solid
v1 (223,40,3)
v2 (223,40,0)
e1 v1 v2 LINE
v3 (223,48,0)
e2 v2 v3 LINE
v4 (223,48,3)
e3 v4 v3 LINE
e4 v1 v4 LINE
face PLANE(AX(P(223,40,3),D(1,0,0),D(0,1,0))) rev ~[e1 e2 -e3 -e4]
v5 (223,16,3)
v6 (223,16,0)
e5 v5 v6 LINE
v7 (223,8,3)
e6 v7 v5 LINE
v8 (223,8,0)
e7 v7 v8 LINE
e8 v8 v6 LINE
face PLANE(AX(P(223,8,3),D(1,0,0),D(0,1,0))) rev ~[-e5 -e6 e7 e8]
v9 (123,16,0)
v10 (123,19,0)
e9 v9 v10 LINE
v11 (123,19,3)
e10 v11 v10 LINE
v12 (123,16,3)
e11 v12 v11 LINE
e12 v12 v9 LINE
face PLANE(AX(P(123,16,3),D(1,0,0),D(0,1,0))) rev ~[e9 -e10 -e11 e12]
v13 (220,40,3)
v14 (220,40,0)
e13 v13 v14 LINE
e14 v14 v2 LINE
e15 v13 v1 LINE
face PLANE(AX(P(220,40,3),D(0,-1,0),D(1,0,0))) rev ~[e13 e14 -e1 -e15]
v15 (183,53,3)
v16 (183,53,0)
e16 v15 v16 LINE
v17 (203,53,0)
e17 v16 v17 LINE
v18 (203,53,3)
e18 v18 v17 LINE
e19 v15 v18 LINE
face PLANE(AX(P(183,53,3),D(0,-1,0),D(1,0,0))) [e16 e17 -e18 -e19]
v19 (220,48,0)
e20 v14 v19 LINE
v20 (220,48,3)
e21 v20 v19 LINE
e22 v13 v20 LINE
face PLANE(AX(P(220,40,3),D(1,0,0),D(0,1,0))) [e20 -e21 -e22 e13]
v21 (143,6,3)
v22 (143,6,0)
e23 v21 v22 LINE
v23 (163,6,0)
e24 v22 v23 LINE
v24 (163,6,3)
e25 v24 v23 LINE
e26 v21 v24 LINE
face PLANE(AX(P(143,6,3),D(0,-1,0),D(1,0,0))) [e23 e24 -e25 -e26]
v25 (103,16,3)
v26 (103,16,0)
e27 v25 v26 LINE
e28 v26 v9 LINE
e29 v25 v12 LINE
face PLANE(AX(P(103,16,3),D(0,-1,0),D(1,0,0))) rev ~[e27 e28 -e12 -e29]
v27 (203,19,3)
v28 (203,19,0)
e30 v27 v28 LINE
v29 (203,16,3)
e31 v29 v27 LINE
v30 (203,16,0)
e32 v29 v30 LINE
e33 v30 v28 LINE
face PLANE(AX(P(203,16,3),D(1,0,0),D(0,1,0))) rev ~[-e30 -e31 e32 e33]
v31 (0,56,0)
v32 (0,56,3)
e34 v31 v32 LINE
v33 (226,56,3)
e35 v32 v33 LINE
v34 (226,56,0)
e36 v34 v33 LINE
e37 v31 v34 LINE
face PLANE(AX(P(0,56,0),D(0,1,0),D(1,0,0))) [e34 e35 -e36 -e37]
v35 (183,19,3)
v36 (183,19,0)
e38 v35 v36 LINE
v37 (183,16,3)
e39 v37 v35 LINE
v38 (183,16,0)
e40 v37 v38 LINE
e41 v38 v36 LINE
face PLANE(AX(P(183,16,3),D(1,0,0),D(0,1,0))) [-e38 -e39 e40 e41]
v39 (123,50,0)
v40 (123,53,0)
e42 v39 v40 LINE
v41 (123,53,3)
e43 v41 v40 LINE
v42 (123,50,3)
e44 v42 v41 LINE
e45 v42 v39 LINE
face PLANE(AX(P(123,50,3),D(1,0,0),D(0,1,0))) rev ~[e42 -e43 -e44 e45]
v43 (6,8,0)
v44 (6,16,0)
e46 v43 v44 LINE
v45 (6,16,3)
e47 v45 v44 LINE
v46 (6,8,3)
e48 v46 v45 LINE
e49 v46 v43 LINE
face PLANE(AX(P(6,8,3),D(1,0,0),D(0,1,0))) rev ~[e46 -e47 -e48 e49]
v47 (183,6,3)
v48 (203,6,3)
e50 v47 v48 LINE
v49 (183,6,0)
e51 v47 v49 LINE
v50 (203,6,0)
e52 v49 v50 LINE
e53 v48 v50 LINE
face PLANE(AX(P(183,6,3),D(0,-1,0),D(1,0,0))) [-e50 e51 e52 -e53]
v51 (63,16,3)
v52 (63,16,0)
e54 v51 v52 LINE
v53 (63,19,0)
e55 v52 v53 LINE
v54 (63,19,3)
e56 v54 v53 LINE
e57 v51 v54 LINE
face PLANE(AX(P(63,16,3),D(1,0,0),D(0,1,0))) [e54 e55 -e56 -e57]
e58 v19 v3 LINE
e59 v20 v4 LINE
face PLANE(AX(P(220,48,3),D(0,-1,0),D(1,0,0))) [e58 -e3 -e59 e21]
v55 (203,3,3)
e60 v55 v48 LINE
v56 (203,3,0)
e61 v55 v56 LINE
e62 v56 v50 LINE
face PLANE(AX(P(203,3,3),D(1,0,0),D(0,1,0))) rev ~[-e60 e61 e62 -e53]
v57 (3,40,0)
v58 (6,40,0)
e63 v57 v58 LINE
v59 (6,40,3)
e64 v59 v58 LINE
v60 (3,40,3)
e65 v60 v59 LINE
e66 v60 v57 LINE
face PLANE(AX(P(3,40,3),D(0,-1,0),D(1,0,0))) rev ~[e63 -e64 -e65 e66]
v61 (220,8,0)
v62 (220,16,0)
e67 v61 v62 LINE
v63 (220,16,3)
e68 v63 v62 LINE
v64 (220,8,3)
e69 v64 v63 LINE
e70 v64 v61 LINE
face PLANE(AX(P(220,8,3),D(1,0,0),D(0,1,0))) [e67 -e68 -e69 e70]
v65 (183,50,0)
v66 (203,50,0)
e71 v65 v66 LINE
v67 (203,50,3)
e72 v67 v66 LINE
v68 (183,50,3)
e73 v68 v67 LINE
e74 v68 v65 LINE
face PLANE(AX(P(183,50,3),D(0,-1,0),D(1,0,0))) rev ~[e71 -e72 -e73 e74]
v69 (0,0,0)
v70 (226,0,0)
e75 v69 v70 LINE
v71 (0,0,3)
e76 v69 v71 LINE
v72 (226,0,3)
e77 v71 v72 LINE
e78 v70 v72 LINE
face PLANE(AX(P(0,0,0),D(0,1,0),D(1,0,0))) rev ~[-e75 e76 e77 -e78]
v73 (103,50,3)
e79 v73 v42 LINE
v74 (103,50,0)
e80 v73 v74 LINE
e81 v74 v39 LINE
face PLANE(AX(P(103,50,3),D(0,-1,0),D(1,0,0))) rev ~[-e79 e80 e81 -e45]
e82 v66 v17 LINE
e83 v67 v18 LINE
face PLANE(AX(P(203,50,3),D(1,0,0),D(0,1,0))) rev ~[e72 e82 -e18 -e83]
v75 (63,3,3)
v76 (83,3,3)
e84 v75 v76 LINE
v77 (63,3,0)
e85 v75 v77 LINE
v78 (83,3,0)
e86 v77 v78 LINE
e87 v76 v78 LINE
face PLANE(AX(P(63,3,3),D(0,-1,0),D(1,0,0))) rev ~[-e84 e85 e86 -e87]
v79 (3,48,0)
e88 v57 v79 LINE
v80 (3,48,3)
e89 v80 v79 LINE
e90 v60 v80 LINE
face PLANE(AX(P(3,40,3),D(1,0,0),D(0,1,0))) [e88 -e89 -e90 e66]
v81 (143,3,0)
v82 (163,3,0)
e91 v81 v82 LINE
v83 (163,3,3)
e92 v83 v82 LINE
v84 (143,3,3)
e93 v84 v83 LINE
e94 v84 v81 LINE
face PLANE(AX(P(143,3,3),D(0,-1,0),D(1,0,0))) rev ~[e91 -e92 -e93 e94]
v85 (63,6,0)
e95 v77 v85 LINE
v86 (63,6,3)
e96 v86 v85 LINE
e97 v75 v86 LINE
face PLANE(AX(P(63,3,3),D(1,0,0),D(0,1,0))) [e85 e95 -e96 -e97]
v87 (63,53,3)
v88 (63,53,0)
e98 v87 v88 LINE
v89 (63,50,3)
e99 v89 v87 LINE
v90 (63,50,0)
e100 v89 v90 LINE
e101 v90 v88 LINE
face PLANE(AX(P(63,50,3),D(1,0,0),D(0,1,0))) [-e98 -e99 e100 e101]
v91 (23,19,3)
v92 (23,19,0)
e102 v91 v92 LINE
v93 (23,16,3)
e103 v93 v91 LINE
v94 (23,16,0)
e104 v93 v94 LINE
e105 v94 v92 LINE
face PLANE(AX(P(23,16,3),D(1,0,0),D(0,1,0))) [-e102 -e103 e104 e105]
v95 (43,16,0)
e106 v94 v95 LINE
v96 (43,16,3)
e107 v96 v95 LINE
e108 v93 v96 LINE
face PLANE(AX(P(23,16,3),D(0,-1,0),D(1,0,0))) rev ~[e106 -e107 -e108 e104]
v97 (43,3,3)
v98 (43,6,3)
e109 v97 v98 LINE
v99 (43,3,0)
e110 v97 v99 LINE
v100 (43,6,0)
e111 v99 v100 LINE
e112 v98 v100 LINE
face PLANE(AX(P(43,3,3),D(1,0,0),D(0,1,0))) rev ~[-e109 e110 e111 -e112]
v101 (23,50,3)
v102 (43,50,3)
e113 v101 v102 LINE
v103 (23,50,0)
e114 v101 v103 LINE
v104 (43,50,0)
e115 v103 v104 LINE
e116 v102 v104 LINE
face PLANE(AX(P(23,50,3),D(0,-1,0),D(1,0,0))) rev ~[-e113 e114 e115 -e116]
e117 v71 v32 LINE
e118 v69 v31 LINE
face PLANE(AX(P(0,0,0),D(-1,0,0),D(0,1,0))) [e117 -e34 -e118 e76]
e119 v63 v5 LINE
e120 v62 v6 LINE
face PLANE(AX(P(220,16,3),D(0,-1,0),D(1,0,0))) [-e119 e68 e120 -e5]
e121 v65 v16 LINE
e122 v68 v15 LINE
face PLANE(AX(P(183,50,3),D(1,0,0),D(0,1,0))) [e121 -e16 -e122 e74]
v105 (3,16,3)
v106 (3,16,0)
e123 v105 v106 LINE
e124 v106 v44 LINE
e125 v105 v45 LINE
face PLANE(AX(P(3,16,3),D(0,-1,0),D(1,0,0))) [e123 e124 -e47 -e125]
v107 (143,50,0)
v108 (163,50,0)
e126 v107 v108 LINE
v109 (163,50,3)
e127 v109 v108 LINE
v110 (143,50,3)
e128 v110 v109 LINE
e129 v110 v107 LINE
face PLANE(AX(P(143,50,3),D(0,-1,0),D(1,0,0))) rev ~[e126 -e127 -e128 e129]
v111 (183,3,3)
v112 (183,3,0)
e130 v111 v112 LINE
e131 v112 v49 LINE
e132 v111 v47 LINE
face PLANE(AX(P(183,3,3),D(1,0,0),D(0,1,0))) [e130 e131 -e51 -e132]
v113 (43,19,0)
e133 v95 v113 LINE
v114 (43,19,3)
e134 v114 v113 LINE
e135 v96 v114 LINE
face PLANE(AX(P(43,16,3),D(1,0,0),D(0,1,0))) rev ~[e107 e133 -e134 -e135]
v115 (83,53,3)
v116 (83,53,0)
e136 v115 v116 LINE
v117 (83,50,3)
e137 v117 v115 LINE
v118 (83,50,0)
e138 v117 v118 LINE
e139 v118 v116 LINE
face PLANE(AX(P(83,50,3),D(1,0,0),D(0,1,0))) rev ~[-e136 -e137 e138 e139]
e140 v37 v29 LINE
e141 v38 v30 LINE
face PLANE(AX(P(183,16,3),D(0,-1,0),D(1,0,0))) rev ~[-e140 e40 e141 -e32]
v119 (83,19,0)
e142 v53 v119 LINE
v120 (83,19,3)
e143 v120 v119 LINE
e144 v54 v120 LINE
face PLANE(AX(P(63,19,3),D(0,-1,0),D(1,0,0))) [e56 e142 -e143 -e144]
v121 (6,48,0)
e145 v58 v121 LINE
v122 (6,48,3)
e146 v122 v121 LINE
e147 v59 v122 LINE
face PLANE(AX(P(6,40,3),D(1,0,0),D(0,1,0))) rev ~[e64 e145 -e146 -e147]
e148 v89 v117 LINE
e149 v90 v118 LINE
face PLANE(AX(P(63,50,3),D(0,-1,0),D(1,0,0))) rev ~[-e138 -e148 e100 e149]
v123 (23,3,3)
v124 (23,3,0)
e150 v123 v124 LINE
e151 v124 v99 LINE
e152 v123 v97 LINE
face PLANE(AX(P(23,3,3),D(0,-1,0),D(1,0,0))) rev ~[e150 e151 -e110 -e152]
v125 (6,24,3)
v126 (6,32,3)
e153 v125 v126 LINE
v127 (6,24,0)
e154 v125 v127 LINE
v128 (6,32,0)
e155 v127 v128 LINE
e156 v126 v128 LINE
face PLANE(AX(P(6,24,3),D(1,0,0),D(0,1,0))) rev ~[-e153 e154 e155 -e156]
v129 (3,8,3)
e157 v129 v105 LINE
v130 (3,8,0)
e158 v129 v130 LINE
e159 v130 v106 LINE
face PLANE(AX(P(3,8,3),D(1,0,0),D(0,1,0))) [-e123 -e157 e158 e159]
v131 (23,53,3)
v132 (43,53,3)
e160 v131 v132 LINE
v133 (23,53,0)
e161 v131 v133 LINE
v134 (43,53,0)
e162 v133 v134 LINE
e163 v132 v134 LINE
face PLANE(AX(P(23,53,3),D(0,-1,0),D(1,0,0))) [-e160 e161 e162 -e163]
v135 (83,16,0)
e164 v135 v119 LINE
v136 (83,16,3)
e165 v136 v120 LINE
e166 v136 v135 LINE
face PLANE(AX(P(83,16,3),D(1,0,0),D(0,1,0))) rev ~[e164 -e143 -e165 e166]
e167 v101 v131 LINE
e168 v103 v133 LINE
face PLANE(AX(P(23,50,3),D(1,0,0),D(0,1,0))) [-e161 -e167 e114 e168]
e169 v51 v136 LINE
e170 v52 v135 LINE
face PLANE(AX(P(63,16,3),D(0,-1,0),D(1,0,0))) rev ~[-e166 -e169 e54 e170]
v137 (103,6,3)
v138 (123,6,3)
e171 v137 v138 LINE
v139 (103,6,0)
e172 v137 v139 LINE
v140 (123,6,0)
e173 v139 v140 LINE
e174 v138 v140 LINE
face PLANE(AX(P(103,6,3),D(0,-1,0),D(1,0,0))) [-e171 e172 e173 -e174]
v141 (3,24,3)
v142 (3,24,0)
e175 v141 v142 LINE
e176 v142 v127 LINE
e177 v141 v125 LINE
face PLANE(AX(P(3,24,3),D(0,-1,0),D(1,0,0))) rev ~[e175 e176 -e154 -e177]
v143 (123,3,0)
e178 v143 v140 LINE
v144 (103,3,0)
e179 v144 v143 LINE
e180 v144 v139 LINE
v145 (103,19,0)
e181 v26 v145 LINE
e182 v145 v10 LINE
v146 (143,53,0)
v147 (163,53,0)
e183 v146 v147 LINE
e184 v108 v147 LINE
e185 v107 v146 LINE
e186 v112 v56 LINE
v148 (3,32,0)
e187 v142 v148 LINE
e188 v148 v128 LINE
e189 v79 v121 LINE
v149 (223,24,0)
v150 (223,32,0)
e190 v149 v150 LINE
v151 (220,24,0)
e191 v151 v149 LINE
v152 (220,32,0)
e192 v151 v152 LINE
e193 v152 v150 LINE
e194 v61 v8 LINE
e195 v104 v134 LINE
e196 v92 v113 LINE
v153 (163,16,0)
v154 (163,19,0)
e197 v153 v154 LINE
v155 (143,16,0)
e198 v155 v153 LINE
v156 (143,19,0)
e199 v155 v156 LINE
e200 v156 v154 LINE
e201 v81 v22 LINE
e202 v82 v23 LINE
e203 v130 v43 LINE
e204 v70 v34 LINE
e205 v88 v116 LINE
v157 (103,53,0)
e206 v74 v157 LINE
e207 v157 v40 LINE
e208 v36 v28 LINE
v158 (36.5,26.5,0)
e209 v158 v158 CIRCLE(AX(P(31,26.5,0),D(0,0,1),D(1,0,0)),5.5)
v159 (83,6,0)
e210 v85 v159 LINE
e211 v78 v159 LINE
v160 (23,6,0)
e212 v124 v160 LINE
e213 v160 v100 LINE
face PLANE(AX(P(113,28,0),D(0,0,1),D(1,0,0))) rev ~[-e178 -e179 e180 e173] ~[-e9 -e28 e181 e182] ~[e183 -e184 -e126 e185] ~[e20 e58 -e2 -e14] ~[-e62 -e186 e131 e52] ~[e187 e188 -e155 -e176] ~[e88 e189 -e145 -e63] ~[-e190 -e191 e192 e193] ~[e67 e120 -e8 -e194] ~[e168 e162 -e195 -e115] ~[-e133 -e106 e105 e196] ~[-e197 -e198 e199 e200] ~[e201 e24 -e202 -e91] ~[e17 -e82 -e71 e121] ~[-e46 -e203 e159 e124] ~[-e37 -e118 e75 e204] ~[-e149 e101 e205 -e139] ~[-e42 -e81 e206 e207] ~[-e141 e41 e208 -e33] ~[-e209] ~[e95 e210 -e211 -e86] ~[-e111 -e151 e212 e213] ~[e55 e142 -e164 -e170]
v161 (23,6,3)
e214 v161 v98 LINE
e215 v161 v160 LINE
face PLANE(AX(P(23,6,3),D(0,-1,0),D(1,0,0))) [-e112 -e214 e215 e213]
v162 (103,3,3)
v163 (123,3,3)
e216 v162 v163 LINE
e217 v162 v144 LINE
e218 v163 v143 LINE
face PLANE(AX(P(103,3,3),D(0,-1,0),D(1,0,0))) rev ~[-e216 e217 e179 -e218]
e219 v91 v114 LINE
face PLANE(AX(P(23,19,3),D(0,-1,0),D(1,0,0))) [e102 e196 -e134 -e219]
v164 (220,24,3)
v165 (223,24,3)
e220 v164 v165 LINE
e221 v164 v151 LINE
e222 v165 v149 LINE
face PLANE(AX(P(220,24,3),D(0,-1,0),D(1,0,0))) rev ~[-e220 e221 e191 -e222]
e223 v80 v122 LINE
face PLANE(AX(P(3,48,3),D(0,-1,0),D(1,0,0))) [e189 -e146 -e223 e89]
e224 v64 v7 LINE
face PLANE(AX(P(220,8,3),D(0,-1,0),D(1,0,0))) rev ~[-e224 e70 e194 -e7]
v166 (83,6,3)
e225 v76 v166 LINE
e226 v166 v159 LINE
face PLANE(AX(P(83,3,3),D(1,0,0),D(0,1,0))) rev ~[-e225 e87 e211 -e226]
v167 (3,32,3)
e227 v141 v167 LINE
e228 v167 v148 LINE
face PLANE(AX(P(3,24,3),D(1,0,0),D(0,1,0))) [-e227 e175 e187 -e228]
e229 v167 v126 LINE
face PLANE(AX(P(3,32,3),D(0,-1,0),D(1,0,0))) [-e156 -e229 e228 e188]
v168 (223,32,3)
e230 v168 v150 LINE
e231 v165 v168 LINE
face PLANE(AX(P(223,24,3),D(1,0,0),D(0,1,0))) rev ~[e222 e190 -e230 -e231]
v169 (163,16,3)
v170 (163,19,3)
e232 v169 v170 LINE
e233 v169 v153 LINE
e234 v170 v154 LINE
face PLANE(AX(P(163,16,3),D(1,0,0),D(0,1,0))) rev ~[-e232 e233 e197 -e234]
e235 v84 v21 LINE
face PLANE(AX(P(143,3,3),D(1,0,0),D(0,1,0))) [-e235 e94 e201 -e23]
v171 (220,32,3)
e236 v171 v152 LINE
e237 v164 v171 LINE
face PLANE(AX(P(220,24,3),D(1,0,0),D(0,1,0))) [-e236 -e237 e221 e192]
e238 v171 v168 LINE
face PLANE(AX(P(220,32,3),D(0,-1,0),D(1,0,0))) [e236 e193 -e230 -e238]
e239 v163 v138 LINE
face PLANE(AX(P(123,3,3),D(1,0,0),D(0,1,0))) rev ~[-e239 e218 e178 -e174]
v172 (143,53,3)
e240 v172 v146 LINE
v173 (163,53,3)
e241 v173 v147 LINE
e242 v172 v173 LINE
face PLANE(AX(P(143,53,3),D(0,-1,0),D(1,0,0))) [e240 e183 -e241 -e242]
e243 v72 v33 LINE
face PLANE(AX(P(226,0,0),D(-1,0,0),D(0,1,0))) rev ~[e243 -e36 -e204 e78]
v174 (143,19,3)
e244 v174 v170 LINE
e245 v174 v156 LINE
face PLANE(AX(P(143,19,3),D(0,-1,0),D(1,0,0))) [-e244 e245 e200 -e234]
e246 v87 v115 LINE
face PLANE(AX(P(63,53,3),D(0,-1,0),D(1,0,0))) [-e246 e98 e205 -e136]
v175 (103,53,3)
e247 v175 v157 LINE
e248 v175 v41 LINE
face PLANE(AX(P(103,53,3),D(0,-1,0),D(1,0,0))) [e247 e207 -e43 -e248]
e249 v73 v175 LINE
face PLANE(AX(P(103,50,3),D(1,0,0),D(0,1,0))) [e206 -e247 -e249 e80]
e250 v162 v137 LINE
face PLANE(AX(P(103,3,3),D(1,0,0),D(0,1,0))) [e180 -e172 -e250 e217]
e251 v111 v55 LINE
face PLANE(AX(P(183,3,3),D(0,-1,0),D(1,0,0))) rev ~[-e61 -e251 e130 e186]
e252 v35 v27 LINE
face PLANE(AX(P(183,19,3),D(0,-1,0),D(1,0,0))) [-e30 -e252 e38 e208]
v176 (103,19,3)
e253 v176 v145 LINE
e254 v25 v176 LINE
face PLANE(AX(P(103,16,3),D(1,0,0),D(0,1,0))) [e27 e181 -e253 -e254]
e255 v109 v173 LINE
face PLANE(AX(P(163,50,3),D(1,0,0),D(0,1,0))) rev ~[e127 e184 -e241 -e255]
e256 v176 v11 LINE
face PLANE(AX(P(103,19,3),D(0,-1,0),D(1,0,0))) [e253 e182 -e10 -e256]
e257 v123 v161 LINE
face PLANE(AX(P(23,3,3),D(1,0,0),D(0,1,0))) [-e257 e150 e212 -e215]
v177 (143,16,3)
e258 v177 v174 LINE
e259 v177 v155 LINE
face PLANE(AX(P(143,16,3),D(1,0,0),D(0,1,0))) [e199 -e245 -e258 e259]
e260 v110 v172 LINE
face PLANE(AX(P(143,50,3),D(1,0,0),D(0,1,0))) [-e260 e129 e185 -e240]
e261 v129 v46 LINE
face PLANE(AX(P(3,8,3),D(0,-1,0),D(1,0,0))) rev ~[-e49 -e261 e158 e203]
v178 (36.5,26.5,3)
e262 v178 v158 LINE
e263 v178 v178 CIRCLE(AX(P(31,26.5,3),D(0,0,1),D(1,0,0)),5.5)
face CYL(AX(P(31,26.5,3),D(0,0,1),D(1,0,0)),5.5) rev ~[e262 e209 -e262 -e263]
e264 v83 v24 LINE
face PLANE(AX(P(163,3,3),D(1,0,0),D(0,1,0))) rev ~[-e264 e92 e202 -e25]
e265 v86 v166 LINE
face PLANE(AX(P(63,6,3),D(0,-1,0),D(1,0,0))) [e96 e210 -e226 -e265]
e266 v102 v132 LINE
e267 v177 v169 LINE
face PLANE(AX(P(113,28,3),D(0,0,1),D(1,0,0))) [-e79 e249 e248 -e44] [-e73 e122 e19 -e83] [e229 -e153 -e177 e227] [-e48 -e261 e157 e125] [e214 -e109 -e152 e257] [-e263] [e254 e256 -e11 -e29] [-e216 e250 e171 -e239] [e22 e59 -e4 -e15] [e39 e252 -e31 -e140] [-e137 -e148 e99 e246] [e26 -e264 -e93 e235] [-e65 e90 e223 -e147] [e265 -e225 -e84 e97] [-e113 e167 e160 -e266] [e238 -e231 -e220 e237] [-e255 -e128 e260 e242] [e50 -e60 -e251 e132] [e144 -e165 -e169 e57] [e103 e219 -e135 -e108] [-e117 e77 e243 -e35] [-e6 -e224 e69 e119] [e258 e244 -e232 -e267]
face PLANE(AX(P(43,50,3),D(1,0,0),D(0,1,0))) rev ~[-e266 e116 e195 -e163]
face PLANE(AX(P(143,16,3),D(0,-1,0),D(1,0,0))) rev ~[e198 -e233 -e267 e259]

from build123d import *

# Parameters (mm, degrees)
SKETCH_W      = 226
SKETCH_H      = 56
PAD_DEPTH     = 3
SKETCH001_R   = 5.5
SKETCH001_W   = 20
SKETCH001_H   = 3
SKETCH001_W_2 = 3
SKETCH001_H_2 = 8
POCKET_DEPTH  = 5


with BuildPart() as part:
    # Sketch → Pad (new body)
    with BuildSketch(Plane.XY):
        with Locations((113, 28)):
            Rectangle(SKETCH_W, SKETCH_H)
    extrude(amount=PAD_DEPTH)

    # Sketch001 (on Face6 of Pad) → Pocket (cut)
    with BuildSketch(Plane.XY.offset(3)):
        with Locations((31, 26.5)):
            Circle(SKETCH001_R)
        with Locations((33, 4.5)):
            Rectangle(SKETCH001_W, SKETCH001_H)
        with Locations((73, 4.5)):
            Rectangle(SKETCH001_W, SKETCH001_H)
        with Locations((113, 4.5)):
            Rectangle(SKETCH001_W, SKETCH001_H)
        with Locations((153, 4.5)):
            Rectangle(SKETCH001_W, SKETCH001_H)
        with Locations((193, 4.5)):
            Rectangle(SKETCH001_W, SKETCH001_H)
        with Locations((33, 17.5)):
            Rectangle(SKETCH001_W, SKETCH001_H)
        with Locations((73, 17.5)):
            Rectangle(SKETCH001_W, SKETCH001_H)
        with Locations((113, 17.5)):
            Rectangle(SKETCH001_W, SKETCH001_H)
        with Locations((153, 17.5)):
            Rectangle(SKETCH001_W, SKETCH001_H)
        with Locations((193, 17.5)):
            Rectangle(SKETCH001_W, SKETCH001_H)
        with Locations((33, 51.5)):
            Rectangle(SKETCH001_W, SKETCH001_H)
        with Locations((73, 51.5)):
            Rectangle(SKETCH001_W, SKETCH001_H)
        with Locations((113, 51.5)):
            Rectangle(SKETCH001_W, SKETCH001_H)
        with Locations((153, 51.5)):
            Rectangle(SKETCH001_W, SKETCH001_H)
        with Locations((193, 51.5)):
            Rectangle(SKETCH001_W, SKETCH001_H)
        with Locations((4.5, 12)):
            Rectangle(SKETCH001_W_2, SKETCH001_H_2)
        with Locations((4.5, 28)):
            Rectangle(SKETCH001_W_2, SKETCH001_H_2)
        with Locations((4.5, 44)):
            Rectangle(SKETCH001_W_2, SKETCH001_H_2)
        with Locations((221.5, 12)):
            Rectangle(SKETCH001_W_2, SKETCH001_H_2)
        with Locations((221.5, 28)):
            Rectangle(SKETCH001_W_2, SKETCH001_H_2)
        with Locations((221.5, 44)):
            Rectangle(SKETCH001_W_2, SKETCH001_H_2)
    extrude(amount=-POCKET_DEPTH, mode=Mode.SUBTRACT)


solid = part.part
